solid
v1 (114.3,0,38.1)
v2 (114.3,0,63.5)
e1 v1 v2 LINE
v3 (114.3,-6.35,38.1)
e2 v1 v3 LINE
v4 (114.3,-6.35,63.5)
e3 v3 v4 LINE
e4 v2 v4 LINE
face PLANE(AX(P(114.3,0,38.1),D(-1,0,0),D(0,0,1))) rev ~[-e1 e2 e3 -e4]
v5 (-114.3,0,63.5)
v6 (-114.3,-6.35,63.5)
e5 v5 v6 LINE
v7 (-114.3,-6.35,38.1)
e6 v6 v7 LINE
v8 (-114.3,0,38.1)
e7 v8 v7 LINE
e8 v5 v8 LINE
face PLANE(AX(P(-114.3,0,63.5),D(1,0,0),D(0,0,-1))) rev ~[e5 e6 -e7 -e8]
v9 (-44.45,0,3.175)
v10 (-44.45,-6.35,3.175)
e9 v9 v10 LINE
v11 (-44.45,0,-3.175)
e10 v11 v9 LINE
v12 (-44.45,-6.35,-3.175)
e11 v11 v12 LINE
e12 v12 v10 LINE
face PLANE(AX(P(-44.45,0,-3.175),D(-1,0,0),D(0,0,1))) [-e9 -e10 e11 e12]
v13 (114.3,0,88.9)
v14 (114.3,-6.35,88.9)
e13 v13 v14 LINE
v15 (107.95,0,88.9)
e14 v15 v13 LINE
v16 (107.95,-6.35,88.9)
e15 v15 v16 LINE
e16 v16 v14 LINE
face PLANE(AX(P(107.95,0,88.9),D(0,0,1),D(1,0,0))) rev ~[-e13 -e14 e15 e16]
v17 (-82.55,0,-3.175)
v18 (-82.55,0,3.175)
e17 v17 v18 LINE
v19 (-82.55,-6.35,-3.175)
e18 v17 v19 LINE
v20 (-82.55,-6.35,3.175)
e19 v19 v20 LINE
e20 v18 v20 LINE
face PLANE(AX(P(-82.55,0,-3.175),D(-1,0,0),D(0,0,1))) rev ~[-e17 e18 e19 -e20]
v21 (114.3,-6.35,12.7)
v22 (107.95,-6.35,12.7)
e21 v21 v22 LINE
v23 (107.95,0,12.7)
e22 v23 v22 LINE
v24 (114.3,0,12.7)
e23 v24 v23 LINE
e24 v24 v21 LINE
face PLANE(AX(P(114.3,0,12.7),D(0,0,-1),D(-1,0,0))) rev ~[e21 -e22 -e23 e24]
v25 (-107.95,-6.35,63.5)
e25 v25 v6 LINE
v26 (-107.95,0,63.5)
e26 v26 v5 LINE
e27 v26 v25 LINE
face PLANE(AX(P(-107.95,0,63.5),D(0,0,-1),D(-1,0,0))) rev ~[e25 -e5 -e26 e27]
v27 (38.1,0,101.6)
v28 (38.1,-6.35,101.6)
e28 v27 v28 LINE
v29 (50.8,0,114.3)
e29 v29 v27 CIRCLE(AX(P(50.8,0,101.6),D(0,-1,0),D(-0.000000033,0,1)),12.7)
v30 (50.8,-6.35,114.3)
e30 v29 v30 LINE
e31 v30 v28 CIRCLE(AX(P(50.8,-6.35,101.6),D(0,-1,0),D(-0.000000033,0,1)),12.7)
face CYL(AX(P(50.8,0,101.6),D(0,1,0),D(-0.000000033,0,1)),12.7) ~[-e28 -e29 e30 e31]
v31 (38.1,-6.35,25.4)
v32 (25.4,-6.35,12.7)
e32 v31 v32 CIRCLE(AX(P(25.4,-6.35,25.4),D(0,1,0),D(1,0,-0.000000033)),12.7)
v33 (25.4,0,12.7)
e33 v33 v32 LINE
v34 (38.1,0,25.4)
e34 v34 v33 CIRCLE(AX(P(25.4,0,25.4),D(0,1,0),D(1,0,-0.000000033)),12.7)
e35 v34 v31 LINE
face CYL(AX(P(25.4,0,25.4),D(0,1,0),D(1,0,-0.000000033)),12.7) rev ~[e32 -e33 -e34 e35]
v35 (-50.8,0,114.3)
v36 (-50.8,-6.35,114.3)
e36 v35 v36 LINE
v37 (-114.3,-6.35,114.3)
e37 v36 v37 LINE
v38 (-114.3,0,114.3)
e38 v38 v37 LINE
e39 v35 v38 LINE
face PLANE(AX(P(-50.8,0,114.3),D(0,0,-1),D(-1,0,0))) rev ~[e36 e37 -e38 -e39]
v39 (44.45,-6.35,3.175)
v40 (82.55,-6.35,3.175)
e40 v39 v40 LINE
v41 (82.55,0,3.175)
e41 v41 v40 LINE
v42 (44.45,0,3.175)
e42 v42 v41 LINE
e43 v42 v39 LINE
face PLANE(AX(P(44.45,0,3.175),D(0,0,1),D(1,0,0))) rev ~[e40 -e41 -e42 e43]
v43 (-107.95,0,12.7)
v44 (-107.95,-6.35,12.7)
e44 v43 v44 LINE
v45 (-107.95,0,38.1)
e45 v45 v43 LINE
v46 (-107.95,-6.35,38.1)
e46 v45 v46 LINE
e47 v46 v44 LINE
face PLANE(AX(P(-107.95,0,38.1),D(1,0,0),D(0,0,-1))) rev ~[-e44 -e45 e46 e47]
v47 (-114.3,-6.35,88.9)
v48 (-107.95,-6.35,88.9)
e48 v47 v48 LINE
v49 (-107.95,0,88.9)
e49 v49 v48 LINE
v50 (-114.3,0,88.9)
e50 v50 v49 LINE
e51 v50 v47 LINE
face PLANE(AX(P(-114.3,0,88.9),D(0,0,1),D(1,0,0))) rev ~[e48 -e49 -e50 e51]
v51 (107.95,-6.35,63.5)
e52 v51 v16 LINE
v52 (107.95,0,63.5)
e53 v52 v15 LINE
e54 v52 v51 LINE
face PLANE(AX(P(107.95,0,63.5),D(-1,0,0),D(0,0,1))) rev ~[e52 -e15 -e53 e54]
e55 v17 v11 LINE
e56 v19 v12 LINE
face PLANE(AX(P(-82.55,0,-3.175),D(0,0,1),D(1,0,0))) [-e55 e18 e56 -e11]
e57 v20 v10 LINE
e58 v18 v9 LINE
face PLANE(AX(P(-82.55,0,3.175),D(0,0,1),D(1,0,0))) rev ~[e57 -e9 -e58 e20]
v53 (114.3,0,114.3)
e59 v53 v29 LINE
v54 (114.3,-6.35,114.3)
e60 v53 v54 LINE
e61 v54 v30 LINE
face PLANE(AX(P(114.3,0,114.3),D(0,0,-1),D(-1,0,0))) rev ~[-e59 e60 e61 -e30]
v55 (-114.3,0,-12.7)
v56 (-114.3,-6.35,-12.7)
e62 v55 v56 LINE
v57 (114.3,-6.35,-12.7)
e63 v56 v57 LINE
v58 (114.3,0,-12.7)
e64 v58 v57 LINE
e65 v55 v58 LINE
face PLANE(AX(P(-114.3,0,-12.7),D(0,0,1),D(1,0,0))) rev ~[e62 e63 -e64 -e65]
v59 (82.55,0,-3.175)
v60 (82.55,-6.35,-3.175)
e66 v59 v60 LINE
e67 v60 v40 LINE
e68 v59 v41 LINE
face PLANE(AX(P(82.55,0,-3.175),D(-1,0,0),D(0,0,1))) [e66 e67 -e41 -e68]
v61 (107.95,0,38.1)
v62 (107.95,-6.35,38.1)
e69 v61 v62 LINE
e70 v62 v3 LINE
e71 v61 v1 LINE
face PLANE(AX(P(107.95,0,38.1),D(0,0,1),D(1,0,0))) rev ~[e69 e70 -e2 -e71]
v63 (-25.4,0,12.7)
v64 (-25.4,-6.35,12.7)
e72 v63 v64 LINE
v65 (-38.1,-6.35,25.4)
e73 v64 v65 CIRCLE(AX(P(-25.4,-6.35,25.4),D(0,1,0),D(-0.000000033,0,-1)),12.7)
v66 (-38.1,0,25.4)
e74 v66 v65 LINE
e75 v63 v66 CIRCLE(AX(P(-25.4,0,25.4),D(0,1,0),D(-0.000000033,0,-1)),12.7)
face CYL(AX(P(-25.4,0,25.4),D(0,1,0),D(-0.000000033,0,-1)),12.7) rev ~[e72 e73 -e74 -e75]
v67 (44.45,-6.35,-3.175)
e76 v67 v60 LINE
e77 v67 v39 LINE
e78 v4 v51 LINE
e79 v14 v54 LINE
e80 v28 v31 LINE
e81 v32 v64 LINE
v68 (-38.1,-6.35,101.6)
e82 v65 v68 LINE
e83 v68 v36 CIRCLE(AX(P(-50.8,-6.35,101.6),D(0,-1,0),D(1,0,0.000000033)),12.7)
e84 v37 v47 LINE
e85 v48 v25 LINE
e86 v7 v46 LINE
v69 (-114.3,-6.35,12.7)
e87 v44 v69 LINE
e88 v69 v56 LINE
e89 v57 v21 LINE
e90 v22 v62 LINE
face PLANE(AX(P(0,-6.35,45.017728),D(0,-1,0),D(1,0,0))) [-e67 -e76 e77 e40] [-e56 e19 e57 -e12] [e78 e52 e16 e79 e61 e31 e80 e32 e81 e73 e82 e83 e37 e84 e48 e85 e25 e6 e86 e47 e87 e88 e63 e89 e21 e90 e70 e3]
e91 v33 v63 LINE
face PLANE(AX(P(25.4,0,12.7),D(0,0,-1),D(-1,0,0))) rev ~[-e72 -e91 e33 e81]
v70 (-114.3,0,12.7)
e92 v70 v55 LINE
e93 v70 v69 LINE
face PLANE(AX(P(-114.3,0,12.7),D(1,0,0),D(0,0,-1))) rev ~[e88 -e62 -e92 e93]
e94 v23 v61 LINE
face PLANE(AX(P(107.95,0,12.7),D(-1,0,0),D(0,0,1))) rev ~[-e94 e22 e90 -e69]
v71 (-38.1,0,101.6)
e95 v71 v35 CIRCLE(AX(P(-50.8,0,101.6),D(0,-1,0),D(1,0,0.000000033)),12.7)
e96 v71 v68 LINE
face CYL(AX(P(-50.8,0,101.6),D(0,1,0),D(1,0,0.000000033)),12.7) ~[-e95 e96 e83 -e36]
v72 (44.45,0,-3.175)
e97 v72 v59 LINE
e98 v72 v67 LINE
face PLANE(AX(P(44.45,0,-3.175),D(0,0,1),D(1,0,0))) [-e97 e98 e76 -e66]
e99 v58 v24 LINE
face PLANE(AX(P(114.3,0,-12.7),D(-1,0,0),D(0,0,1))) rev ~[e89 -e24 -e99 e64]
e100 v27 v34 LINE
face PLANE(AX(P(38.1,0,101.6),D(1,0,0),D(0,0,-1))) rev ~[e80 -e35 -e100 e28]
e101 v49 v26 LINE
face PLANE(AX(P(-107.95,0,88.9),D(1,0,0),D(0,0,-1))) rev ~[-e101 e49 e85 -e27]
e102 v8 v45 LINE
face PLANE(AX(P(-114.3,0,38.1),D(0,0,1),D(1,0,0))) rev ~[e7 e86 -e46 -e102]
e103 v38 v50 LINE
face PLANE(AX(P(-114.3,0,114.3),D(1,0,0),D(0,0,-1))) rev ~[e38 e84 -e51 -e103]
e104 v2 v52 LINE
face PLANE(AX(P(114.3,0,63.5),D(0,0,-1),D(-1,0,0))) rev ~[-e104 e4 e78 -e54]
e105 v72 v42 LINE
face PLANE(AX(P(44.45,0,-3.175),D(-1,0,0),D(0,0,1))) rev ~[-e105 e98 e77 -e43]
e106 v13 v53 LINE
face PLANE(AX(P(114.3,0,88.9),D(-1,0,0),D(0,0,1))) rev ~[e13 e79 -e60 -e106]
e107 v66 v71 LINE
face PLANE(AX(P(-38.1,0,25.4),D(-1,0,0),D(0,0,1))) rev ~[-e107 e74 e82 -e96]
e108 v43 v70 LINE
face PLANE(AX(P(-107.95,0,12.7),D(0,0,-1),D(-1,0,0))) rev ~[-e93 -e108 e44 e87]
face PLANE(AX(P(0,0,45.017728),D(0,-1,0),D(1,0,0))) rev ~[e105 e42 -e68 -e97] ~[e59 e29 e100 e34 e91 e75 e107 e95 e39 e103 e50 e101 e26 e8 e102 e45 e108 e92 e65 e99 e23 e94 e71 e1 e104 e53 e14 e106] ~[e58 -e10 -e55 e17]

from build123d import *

# Parameters (mm, degrees)
F0_W     = 38.1
F0_H     = 6.35
F1_DEPTH = 6.35


with BuildPart() as f1:
    # F0 (on Front) → F1 (new body)
    with BuildSketch(Plane.XZ):
        with BuildLine():
            Line((-114.3, -12.7), (114.3, -12.7))
            Line((114.3, -12.7), (114.3, 12.7))
            Line((114.3, 12.7), (107.95, 12.7))
            Line((107.95, 12.7), (107.95, 38.1))
            Line((107.95, 38.1), (114.3, 38.1))
            Line((114.3, 38.1), (114.3, 63.5))
            Line((114.3, 63.5), (107.95, 63.5))
            Line((107.95, 63.5), (107.95, 88.9))
            Line((107.95, 88.9), (114.3, 88.9))
            Line((114.3, 88.9), (114.3, 114.3))
            Line((114.3, 114.3), (50.8, 114.3))
            ThreePointArc((50.8, 114.3), (41.819744, 110.580256), (38.1, 101.6))
            Line((38.1, 101.6), (38.1, 25.4))
            ThreePointArc((38.1, 25.4), (34.380256, 16.419744), (25.4, 12.7))
            Line((25.4, 12.7), (-25.4, 12.7))
            ThreePointArc((-25.4, 12.7), (-34.380256, 16.419744), (-38.1, 25.4))
            Line((-38.1, 25.4), (-38.1, 101.6))
            ThreePointArc((-38.1, 101.6), (-41.819744, 110.580256), (-50.8, 114.3))
            Line((-50.8, 114.3), (-114.3, 114.3))
            Line((-114.3, 114.3), (-114.3, 88.9))
            Line((-114.3, 88.9), (-107.95, 88.9))
            Line((-107.95, 88.9), (-107.95, 63.5))
            Line((-107.95, 63.5), (-114.3, 63.5))
            Line((-114.3, 63.5), (-114.3, 38.1))
            Line((-114.3, 38.1), (-107.95, 38.1))
            Line((-107.95, 38.1), (-107.95, 12.7))
            Line((-107.95, 12.7), (-114.3, 12.7))
            Line((-114.3, 12.7), (-114.3, -12.7))
        make_face()
        with Locations((-63.5, 0)):
            Rectangle(F0_W, F0_H, mode=Mode.SUBTRACT)
        with Locations((63.5, 0)):
            Rectangle(F0_W, F0_H, mode=Mode.SUBTRACT)
    extrude(amount=F1_DEPTH)


solid = f1.part
